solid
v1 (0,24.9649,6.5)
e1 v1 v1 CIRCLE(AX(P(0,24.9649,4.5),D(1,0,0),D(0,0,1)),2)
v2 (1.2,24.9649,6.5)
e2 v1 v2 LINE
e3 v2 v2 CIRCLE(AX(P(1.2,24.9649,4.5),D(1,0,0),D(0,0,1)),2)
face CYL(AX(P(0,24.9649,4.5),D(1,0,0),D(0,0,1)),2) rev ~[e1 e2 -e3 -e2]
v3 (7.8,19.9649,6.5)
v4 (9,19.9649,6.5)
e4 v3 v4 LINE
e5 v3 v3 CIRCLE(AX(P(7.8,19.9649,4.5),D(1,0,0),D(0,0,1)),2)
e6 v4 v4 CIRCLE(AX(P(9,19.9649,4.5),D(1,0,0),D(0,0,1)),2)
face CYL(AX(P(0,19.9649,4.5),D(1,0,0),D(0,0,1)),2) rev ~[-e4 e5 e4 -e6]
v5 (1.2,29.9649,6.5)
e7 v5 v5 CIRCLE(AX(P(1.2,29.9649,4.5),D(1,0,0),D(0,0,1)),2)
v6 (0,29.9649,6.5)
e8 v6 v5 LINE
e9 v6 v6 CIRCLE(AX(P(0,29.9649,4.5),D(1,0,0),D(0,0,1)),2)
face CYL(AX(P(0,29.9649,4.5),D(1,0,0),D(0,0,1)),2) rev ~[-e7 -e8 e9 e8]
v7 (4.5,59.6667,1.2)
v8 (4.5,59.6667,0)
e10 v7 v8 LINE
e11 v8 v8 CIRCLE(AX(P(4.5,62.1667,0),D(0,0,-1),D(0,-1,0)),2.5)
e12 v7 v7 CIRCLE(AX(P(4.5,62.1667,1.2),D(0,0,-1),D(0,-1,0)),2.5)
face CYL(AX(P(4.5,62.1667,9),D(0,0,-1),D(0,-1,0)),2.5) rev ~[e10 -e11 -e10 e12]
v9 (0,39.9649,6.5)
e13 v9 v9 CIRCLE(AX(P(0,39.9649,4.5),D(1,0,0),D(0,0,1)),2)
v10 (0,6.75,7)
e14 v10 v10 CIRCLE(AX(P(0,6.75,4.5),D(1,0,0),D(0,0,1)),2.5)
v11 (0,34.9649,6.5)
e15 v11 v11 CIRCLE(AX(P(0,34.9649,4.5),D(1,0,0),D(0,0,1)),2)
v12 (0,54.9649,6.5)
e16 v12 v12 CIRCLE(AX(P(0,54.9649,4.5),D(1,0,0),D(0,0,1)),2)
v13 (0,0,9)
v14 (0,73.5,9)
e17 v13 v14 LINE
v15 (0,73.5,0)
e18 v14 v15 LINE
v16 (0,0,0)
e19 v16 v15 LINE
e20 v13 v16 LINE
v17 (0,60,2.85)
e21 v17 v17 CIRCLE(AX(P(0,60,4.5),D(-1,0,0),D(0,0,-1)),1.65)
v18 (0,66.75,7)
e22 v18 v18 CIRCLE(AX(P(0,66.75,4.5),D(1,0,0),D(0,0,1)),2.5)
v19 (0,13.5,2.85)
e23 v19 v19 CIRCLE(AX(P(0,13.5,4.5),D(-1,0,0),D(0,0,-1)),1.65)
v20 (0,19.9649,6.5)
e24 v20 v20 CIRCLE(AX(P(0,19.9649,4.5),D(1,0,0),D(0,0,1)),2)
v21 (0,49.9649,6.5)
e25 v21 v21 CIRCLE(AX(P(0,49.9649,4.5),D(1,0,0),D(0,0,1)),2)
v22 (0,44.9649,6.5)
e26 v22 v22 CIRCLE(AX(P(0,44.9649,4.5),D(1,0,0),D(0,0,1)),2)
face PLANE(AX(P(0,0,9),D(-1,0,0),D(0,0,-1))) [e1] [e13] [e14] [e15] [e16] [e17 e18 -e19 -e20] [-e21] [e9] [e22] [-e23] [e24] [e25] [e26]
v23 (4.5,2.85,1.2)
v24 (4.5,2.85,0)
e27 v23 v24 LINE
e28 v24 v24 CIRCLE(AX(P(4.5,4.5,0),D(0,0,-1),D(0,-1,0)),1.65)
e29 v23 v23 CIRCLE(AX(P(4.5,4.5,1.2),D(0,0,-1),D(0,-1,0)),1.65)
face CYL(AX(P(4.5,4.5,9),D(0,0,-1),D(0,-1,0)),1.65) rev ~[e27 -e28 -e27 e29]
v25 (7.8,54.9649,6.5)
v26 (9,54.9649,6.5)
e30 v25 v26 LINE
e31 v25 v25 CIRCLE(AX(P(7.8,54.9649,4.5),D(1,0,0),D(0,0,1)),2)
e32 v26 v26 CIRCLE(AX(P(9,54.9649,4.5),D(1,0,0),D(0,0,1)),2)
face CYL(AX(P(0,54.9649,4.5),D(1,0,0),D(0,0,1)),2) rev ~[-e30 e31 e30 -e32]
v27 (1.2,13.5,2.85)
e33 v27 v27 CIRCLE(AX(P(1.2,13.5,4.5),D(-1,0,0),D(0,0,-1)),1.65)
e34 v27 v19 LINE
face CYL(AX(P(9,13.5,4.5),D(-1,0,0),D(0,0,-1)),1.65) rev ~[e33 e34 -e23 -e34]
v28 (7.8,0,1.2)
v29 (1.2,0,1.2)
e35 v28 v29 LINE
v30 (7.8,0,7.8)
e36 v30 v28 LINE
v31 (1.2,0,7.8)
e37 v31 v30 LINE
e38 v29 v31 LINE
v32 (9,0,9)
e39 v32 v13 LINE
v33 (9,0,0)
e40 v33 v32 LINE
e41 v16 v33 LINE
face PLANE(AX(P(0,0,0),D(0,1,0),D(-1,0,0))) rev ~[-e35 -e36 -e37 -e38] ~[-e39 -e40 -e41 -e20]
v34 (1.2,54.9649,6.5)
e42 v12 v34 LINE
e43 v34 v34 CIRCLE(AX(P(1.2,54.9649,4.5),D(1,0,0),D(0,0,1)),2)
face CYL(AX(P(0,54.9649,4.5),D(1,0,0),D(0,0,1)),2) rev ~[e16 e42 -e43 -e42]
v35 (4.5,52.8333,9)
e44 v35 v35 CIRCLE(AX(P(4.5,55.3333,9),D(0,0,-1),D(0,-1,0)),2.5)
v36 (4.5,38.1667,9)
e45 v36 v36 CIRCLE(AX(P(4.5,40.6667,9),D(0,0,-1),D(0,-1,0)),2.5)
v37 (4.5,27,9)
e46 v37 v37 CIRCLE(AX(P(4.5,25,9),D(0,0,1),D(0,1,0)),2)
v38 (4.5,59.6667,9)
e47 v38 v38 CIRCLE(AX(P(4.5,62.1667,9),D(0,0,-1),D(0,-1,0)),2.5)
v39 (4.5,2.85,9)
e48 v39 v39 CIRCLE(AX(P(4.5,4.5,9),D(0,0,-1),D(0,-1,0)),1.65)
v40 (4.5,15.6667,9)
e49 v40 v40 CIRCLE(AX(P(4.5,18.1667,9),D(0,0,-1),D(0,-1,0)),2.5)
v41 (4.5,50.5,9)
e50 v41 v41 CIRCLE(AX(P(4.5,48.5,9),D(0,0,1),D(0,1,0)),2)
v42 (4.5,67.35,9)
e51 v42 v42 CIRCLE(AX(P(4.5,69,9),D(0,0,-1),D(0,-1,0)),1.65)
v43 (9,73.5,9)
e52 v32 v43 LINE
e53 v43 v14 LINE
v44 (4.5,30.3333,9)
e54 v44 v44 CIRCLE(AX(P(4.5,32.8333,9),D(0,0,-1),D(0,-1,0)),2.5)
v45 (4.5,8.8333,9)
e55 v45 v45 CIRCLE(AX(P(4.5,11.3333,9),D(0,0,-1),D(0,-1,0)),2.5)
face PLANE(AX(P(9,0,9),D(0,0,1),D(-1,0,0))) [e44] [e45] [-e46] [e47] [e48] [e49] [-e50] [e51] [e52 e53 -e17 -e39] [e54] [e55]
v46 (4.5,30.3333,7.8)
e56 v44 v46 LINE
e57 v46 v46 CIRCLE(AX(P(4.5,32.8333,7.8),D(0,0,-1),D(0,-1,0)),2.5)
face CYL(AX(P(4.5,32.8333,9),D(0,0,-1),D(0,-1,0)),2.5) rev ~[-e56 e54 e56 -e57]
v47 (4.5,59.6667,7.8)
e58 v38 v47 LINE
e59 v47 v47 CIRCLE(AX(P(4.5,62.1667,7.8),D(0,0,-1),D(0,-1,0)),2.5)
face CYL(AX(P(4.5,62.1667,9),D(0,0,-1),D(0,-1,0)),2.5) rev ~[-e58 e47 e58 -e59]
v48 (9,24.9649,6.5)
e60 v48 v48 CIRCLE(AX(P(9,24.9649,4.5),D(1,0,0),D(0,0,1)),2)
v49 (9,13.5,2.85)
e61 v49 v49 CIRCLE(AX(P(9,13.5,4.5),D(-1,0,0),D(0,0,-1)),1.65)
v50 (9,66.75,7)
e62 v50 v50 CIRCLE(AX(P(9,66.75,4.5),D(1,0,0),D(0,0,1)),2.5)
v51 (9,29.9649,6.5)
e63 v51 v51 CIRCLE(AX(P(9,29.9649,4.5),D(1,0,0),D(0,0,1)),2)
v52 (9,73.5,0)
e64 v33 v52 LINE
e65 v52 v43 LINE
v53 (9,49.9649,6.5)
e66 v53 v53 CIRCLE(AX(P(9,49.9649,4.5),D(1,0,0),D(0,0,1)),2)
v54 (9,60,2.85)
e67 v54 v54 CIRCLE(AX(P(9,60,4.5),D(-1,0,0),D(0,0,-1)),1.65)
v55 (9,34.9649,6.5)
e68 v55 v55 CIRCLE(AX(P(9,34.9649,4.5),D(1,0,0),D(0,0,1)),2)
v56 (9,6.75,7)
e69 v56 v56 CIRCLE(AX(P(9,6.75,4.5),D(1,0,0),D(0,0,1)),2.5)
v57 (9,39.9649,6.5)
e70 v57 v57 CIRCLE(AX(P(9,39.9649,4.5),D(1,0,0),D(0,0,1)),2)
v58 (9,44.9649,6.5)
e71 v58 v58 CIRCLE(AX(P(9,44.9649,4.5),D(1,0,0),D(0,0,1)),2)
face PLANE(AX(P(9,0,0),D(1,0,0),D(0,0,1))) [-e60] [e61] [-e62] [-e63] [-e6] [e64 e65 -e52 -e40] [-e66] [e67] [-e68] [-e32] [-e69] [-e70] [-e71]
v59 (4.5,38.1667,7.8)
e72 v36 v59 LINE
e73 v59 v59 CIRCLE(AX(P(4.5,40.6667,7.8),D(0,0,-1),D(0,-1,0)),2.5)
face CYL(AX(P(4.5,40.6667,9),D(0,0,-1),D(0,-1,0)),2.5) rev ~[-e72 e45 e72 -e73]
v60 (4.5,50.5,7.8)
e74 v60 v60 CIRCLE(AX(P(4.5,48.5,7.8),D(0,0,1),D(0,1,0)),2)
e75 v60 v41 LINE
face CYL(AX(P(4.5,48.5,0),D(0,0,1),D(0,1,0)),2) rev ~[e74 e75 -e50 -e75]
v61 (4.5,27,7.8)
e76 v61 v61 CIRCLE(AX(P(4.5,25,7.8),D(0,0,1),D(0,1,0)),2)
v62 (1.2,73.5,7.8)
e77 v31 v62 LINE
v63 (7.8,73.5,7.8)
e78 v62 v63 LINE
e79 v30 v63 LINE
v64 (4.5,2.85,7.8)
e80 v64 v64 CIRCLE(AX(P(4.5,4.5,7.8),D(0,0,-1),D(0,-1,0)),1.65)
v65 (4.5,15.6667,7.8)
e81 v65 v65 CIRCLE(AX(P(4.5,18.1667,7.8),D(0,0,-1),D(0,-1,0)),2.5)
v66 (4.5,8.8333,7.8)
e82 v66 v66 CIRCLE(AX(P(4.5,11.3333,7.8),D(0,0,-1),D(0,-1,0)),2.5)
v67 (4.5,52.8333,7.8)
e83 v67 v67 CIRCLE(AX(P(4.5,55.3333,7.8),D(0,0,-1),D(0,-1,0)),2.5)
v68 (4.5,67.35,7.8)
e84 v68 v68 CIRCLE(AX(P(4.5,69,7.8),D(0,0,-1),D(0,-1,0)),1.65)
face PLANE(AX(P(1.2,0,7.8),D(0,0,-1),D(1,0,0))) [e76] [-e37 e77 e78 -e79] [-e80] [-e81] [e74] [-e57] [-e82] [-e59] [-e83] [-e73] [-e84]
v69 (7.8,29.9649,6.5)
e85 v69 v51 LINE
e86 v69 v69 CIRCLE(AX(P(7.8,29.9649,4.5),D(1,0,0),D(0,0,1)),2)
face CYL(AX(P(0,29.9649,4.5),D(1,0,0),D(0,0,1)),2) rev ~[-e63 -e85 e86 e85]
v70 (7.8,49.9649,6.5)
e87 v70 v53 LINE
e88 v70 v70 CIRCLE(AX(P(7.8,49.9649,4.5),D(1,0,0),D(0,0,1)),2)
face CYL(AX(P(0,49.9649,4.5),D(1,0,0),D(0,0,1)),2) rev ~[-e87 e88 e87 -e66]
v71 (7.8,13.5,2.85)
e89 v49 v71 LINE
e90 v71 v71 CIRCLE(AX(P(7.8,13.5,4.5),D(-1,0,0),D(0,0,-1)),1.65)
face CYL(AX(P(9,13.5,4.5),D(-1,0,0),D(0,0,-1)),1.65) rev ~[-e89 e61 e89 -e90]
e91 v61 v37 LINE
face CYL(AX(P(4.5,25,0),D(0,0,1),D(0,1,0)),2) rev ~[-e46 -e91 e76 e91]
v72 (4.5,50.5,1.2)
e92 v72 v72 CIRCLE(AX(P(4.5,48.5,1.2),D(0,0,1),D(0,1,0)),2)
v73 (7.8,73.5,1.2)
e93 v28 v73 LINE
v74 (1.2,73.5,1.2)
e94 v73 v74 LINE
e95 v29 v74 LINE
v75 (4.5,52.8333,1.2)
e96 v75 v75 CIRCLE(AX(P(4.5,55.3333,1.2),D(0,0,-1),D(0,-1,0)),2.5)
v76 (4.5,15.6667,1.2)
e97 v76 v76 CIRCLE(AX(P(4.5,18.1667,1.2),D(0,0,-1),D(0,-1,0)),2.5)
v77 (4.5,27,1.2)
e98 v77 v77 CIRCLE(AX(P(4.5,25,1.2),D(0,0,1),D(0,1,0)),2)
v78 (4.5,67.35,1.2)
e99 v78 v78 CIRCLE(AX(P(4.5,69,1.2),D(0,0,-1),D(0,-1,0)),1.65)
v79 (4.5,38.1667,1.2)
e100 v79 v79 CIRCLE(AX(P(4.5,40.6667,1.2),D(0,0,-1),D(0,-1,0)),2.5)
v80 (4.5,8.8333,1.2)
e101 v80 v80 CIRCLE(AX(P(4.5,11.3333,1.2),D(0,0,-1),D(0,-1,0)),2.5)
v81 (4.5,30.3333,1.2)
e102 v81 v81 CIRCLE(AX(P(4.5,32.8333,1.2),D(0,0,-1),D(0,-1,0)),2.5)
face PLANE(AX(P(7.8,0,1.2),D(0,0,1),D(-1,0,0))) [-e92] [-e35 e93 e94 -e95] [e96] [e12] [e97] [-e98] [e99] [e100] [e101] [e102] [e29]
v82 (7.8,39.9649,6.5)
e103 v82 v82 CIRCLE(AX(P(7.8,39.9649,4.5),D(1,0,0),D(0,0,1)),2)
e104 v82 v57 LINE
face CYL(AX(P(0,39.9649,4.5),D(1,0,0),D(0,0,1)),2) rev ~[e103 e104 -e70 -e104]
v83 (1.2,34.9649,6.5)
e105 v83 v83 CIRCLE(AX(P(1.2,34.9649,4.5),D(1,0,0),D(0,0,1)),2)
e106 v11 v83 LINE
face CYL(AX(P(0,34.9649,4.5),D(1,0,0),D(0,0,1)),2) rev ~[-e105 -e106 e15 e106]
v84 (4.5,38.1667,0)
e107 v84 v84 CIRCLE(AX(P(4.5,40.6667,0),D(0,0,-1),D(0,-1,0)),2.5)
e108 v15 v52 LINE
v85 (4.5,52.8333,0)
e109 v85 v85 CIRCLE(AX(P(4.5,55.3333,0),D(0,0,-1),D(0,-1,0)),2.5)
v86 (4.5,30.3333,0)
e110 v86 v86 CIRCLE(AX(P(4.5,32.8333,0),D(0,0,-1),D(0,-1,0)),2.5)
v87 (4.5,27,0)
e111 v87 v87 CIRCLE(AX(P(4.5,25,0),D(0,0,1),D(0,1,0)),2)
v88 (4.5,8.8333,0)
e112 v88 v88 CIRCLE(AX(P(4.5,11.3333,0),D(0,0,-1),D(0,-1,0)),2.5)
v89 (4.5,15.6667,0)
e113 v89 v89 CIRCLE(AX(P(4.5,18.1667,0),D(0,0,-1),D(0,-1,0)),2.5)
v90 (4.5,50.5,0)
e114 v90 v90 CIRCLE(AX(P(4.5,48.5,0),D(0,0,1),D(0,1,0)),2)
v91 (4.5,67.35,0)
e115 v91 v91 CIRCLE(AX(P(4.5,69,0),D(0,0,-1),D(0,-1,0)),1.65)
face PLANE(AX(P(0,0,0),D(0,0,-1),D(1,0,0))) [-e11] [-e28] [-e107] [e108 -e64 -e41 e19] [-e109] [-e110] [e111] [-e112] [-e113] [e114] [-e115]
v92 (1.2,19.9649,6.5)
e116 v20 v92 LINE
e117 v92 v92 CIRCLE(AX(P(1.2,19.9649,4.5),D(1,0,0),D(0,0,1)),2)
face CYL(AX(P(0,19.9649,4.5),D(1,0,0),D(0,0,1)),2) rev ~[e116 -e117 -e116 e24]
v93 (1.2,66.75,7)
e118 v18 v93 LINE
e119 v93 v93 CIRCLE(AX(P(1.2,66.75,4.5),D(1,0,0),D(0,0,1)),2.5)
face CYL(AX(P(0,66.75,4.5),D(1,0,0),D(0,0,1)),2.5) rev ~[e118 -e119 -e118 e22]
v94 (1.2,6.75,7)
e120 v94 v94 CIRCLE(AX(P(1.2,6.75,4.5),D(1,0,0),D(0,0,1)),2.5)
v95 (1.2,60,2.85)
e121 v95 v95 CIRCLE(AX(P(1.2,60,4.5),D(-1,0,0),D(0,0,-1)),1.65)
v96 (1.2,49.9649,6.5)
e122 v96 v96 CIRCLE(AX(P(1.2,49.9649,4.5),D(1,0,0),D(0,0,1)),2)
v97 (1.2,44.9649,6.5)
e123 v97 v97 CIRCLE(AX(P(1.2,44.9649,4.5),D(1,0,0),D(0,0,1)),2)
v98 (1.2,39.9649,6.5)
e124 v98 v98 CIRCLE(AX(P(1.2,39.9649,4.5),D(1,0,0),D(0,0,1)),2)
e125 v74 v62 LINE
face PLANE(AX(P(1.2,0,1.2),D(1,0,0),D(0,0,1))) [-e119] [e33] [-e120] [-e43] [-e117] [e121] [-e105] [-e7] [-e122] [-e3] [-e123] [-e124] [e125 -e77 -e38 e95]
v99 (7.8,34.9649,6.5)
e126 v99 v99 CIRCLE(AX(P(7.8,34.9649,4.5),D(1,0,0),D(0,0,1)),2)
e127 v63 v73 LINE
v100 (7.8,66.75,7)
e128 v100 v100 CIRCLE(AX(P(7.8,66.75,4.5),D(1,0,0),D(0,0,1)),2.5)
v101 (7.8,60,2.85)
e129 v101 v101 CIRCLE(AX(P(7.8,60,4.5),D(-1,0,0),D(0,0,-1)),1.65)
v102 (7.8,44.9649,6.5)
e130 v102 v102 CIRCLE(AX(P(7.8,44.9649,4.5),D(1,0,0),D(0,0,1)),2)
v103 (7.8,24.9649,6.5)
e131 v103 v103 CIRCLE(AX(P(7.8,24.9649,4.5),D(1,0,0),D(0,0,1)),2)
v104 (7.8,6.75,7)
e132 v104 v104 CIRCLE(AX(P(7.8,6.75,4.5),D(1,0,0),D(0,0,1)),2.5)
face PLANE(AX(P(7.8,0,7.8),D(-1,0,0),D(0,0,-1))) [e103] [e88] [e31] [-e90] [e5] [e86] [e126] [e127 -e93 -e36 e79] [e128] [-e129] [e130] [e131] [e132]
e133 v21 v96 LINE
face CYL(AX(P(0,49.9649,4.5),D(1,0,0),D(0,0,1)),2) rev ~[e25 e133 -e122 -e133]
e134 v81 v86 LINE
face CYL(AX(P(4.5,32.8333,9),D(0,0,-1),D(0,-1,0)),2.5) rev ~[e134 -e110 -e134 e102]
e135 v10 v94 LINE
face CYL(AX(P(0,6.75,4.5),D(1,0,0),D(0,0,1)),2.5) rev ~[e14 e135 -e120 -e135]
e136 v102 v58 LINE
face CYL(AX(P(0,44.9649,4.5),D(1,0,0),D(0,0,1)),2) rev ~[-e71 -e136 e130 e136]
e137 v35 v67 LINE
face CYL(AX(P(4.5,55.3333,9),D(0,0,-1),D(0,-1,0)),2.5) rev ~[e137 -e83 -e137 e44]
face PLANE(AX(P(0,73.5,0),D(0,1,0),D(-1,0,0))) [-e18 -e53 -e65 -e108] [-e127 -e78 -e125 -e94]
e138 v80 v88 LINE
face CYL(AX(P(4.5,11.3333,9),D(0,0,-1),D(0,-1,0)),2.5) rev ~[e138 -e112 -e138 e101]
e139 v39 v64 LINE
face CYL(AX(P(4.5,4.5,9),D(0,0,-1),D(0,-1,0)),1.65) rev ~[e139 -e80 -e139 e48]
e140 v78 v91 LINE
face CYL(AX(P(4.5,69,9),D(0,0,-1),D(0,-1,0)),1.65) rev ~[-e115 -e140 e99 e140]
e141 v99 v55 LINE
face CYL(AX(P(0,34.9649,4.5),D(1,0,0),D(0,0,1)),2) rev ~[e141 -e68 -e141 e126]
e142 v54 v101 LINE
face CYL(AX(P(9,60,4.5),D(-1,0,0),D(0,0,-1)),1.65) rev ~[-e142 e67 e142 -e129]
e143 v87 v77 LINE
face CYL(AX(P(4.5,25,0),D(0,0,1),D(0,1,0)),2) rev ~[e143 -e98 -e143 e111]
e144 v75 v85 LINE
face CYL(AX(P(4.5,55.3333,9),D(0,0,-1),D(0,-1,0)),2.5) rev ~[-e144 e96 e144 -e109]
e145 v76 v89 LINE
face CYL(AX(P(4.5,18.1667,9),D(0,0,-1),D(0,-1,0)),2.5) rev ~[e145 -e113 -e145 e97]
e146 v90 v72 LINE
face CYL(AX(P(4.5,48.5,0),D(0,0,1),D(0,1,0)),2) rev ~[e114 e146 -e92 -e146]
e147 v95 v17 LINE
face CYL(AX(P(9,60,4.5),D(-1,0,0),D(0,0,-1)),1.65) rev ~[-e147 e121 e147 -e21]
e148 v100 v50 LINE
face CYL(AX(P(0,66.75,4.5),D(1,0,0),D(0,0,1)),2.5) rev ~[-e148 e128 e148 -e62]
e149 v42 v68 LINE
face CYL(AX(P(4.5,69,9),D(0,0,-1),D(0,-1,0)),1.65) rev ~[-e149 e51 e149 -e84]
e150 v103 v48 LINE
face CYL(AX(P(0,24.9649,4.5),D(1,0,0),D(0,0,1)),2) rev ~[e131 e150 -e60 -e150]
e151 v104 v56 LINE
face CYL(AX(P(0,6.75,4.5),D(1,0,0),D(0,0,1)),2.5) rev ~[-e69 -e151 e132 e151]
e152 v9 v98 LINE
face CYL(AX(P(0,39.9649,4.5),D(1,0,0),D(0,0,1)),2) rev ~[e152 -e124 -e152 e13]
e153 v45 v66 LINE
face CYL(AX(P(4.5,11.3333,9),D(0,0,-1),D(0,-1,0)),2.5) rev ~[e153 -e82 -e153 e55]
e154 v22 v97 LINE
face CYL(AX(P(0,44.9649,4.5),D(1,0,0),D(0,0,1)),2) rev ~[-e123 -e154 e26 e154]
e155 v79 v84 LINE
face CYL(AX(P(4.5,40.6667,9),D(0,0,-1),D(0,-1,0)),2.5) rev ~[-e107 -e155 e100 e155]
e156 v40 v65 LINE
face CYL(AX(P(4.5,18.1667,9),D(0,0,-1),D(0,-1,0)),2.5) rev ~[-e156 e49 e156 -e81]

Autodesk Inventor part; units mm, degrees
ref_plane "YZ Plane" through (0, 0, 0) normal (1, 0, 0) x (0, 1, 0)
ref_plane "XZ Plane" through (0, 0, 0) normal (0, 1, 0) x (-1, 0, 0)
ref_plane "XY Plane" through (0, 0, 0) normal (0, 0, 1) x (1, 0, 0)
sketch "スケッチ1" plane through (0, 0, 0) normal (0, 1, 0) x (-1, 0, 0)
  line L0 (0, 0) -> (-9, 0)
  line L1 (-9, 0) -> (-9, 9)
  line L2 (-9, 9) -> (0, 9)
  line L3 (0, 9) -> (0, 0)
  line L4 (-1.2, 7.8) -> (-7.8, 7.8)
  line L5 (-7.8, 7.8) -> (-7.8, 1.2)
  line L6 (-7.8, 1.2) -> (-1.2, 1.2)
  line L7 (-1.2, 1.2) -> (-1.2, 7.8)
  dimension "d0" = 9
  dimension "d1" = 9
  dimension "d2" = 1.2
  dimension "d3" = 1.2
  dimension "d4" = 1.2
  dimension "d5" = 1.2
extrude "押し出し1" add sketch "スケッチ1" along normal blind 73.5
sketch "スケッチ2" plane through (0, 0, 9) normal (0, 0, 1) x (1, 0, 0)
  line L0 (0, 0) -> (0, 73.5) projected
  line L1 (0, 0) -> (9, 0) projected
  line L2 (0, 73.5) -> (9, 73.5) projected
  point P0 (4.5, 69)
  point P1 (4.5, 4.5)
  dimension "d8" = 4.5
  dimension "d9" = 4.5
  dimension "d10" = 4.5
  dimension "d11" = 4.5
hole "穴1" at (4.5, 69, 9) at (4.5, 4.5, 9) direction (0, 0, -1) diameter 3.3 end through all
sketch "スケッチ3" plane through (9, 0, 9) normal (1, 0, 0) x (0, 0, -1)
  line L0 (0, 0) -> (0, 73.5) projected
  line L1 (0, 73.5) -> (9, 73.5) projected
  line L2 (0, 0) -> (9, 0) projected
  point P0 (4.5, 60)
  point P1 (4.5, 13.5)
  dimension "d19" = 4.5
  dimension "d20" = 4.5
  dimension "d21" = 13.5
  dimension "d22" = 13.5
hole "穴2" at (9, 60, 4.5) at (9, 13.5, 4.5) direction (-1, 0, 0) diameter 3.3 end through all
sketch "スケッチ4" plane through (9, 0, 0) normal (0, 0, -1) x (-1, 0, 0)
  line L0 (9, 0) -> (9, 73.5) projected
  line L1 (0, 73.5) -> (9, 73.5) projected
  line L2 (0, 0) -> (9, 0) projected
  point P0 (4.5, 48.5)
  point P1 (4.5, 25)
  dimension "d30" = 4.5
  dimension "d31" = 4.5
  dimension "d32" = 25
  dimension "d33" = 25
hole "穴3" at (4.5, 48.5, 0) at (4.5, 25, 0) direction (0, 0, 1) diameter 4 end through all
sketch "スケッチ5" plane through (0, 0, 9) normal (0, 0, 1) x (1, 0, 0)
  circle A0 centre (4.5, 25) radius 2 projected
  circle A1 centre (4.5, 4.5) radius 1.65 projected
  circle A2 centre (4.5, 48.5) radius 2 projected
  line L0 (0, 0) -> (0, 73.5) projected
  point P0 (4.5, 11.3333)
  point P1 (4.5, 18.1667)
  point P2 (4.5, 32.8333)
  point P3 (4.5, 55.3333)
  point P4 (4.5, 62.1667)
  point P5 (4.5, 40.6667)
  dimension "d41" = 20.5
  dimension "d42" = 23.5
  dimension "d43" = 4.5
  dimension "d44" = 4.5
  dimension "d45" = 6.8333
  dimension "d46" = 6.8333
  dimension "d47" = 4.5
  dimension "d48" = 7.8333
  dimension "d49" = 7.8333
  dimension "d50" = 6.8333
  dimension "d51" = 6.8333
  dimension "d52" = 4.5
  dimension "d53" = 4.5
  dimension "d54" = 4.5
hole "穴4" at (4.5, 11.3333, 9) at (4.5, 18.1667, 9) at (4.5, 32.8333, 9) at (4.5, 55.3333, 9) at (4.5, 62.1667, 9) at (4.5, 40.6667, 9) direction (0, 0, -1) diameter 5 end through all
sketch "スケッチ6" plane through (0, 0, 0) normal (-1, 0, 0) x (0, 0, 1)
  line L0 (9, 0) -> (9, 73.5) projected
  circle A0 centre (4.5, 13.5) radius 1.65 projected
  line L1 (0, 0) -> (9, 0) projected
  circle A1 centre (4.5, 60) radius 1.65 projected
  point P0 (4.5, 66.75)
  point P1 (4.5, 6.75)
  dimension "d62" = 4.5
  dimension "d63" = 4.5
  dimension "d64" = 13.5
  dimension "d65" = 6.75
  dimension "d66" = 6.75
hole "穴5" at (0, 66.75, 4.5) at (0, 6.75, 4.5) direction (1, 0, 0) diameter 5 end through all
sketch "スケッチ7" plane through (0, 0, 0) normal (-1, 0, 0) x (0, 0, 1)
  line L0 (9, 0) -> (9, 73.5) projected
  circle A0 centre (4.5, 60) radius 1.65 projected
  point P0 (0, 0)
  point P1 (4.5, 54.9649)
  point P2 (4.5, 49.9649)
  point P3 (4.5, 44.9649)
  point P4 (4.5, 39.9649)
  point P5 (4.5, 34.9649)
  point P6 (4.5, 29.9649)
  point P7 (4.5, 24.9649)
  point P8 (4.5, 19.9649)
  dimension "d74" = 4.5
  dimension "d75" = 5.0351
  dimension "d78" = 5
hole "穴6" at (0, 54.9649, 4.5) at (0, 49.9649, 4.5) at (0, 44.9649, 4.5) at (0, 39.9649, 4.5) at (0, 34.9649, 4.5) at (0, 29.9649, 4.5) at (0, 24.9649, 4.5) at (0, 19.9649, 4.5) direction (1, 0, 0) diameter 4 end through all
equation "\"d3\" = d2"
equation "\"d4\" = d3"
equation "\"d5\" = d4"
equation "\"d9\" = d8"
equation "\"d10\" = d9"
equation "\"d11\" = d8"
equation "\"d20\" = d19"
equation "\"d22\" = d21"
equation "\"d33\" = d32"
equation "\"d44\" = d43"
equation "\"d45\" = 0.333333 * d41"
equation "\"d46\" = d45"
equation "\"d47\" = d44"
equation "\"d48\" = 0.333333 * d42"
equation "\"d49\" = d48"
equation "\"d50\" = d46"
equation "\"d51\" = d50"
equation "\"d52\" = d47"
equation "\"d53\" = d52"
equation "\"d54\" = d47"
equation "\"d63\" = d62"
equation "\"d65\" = 0.5 * d64"
equation "\"d66\" = d65"
properties part number "ハンド9x9_3" material "アルミニウム 6061"
